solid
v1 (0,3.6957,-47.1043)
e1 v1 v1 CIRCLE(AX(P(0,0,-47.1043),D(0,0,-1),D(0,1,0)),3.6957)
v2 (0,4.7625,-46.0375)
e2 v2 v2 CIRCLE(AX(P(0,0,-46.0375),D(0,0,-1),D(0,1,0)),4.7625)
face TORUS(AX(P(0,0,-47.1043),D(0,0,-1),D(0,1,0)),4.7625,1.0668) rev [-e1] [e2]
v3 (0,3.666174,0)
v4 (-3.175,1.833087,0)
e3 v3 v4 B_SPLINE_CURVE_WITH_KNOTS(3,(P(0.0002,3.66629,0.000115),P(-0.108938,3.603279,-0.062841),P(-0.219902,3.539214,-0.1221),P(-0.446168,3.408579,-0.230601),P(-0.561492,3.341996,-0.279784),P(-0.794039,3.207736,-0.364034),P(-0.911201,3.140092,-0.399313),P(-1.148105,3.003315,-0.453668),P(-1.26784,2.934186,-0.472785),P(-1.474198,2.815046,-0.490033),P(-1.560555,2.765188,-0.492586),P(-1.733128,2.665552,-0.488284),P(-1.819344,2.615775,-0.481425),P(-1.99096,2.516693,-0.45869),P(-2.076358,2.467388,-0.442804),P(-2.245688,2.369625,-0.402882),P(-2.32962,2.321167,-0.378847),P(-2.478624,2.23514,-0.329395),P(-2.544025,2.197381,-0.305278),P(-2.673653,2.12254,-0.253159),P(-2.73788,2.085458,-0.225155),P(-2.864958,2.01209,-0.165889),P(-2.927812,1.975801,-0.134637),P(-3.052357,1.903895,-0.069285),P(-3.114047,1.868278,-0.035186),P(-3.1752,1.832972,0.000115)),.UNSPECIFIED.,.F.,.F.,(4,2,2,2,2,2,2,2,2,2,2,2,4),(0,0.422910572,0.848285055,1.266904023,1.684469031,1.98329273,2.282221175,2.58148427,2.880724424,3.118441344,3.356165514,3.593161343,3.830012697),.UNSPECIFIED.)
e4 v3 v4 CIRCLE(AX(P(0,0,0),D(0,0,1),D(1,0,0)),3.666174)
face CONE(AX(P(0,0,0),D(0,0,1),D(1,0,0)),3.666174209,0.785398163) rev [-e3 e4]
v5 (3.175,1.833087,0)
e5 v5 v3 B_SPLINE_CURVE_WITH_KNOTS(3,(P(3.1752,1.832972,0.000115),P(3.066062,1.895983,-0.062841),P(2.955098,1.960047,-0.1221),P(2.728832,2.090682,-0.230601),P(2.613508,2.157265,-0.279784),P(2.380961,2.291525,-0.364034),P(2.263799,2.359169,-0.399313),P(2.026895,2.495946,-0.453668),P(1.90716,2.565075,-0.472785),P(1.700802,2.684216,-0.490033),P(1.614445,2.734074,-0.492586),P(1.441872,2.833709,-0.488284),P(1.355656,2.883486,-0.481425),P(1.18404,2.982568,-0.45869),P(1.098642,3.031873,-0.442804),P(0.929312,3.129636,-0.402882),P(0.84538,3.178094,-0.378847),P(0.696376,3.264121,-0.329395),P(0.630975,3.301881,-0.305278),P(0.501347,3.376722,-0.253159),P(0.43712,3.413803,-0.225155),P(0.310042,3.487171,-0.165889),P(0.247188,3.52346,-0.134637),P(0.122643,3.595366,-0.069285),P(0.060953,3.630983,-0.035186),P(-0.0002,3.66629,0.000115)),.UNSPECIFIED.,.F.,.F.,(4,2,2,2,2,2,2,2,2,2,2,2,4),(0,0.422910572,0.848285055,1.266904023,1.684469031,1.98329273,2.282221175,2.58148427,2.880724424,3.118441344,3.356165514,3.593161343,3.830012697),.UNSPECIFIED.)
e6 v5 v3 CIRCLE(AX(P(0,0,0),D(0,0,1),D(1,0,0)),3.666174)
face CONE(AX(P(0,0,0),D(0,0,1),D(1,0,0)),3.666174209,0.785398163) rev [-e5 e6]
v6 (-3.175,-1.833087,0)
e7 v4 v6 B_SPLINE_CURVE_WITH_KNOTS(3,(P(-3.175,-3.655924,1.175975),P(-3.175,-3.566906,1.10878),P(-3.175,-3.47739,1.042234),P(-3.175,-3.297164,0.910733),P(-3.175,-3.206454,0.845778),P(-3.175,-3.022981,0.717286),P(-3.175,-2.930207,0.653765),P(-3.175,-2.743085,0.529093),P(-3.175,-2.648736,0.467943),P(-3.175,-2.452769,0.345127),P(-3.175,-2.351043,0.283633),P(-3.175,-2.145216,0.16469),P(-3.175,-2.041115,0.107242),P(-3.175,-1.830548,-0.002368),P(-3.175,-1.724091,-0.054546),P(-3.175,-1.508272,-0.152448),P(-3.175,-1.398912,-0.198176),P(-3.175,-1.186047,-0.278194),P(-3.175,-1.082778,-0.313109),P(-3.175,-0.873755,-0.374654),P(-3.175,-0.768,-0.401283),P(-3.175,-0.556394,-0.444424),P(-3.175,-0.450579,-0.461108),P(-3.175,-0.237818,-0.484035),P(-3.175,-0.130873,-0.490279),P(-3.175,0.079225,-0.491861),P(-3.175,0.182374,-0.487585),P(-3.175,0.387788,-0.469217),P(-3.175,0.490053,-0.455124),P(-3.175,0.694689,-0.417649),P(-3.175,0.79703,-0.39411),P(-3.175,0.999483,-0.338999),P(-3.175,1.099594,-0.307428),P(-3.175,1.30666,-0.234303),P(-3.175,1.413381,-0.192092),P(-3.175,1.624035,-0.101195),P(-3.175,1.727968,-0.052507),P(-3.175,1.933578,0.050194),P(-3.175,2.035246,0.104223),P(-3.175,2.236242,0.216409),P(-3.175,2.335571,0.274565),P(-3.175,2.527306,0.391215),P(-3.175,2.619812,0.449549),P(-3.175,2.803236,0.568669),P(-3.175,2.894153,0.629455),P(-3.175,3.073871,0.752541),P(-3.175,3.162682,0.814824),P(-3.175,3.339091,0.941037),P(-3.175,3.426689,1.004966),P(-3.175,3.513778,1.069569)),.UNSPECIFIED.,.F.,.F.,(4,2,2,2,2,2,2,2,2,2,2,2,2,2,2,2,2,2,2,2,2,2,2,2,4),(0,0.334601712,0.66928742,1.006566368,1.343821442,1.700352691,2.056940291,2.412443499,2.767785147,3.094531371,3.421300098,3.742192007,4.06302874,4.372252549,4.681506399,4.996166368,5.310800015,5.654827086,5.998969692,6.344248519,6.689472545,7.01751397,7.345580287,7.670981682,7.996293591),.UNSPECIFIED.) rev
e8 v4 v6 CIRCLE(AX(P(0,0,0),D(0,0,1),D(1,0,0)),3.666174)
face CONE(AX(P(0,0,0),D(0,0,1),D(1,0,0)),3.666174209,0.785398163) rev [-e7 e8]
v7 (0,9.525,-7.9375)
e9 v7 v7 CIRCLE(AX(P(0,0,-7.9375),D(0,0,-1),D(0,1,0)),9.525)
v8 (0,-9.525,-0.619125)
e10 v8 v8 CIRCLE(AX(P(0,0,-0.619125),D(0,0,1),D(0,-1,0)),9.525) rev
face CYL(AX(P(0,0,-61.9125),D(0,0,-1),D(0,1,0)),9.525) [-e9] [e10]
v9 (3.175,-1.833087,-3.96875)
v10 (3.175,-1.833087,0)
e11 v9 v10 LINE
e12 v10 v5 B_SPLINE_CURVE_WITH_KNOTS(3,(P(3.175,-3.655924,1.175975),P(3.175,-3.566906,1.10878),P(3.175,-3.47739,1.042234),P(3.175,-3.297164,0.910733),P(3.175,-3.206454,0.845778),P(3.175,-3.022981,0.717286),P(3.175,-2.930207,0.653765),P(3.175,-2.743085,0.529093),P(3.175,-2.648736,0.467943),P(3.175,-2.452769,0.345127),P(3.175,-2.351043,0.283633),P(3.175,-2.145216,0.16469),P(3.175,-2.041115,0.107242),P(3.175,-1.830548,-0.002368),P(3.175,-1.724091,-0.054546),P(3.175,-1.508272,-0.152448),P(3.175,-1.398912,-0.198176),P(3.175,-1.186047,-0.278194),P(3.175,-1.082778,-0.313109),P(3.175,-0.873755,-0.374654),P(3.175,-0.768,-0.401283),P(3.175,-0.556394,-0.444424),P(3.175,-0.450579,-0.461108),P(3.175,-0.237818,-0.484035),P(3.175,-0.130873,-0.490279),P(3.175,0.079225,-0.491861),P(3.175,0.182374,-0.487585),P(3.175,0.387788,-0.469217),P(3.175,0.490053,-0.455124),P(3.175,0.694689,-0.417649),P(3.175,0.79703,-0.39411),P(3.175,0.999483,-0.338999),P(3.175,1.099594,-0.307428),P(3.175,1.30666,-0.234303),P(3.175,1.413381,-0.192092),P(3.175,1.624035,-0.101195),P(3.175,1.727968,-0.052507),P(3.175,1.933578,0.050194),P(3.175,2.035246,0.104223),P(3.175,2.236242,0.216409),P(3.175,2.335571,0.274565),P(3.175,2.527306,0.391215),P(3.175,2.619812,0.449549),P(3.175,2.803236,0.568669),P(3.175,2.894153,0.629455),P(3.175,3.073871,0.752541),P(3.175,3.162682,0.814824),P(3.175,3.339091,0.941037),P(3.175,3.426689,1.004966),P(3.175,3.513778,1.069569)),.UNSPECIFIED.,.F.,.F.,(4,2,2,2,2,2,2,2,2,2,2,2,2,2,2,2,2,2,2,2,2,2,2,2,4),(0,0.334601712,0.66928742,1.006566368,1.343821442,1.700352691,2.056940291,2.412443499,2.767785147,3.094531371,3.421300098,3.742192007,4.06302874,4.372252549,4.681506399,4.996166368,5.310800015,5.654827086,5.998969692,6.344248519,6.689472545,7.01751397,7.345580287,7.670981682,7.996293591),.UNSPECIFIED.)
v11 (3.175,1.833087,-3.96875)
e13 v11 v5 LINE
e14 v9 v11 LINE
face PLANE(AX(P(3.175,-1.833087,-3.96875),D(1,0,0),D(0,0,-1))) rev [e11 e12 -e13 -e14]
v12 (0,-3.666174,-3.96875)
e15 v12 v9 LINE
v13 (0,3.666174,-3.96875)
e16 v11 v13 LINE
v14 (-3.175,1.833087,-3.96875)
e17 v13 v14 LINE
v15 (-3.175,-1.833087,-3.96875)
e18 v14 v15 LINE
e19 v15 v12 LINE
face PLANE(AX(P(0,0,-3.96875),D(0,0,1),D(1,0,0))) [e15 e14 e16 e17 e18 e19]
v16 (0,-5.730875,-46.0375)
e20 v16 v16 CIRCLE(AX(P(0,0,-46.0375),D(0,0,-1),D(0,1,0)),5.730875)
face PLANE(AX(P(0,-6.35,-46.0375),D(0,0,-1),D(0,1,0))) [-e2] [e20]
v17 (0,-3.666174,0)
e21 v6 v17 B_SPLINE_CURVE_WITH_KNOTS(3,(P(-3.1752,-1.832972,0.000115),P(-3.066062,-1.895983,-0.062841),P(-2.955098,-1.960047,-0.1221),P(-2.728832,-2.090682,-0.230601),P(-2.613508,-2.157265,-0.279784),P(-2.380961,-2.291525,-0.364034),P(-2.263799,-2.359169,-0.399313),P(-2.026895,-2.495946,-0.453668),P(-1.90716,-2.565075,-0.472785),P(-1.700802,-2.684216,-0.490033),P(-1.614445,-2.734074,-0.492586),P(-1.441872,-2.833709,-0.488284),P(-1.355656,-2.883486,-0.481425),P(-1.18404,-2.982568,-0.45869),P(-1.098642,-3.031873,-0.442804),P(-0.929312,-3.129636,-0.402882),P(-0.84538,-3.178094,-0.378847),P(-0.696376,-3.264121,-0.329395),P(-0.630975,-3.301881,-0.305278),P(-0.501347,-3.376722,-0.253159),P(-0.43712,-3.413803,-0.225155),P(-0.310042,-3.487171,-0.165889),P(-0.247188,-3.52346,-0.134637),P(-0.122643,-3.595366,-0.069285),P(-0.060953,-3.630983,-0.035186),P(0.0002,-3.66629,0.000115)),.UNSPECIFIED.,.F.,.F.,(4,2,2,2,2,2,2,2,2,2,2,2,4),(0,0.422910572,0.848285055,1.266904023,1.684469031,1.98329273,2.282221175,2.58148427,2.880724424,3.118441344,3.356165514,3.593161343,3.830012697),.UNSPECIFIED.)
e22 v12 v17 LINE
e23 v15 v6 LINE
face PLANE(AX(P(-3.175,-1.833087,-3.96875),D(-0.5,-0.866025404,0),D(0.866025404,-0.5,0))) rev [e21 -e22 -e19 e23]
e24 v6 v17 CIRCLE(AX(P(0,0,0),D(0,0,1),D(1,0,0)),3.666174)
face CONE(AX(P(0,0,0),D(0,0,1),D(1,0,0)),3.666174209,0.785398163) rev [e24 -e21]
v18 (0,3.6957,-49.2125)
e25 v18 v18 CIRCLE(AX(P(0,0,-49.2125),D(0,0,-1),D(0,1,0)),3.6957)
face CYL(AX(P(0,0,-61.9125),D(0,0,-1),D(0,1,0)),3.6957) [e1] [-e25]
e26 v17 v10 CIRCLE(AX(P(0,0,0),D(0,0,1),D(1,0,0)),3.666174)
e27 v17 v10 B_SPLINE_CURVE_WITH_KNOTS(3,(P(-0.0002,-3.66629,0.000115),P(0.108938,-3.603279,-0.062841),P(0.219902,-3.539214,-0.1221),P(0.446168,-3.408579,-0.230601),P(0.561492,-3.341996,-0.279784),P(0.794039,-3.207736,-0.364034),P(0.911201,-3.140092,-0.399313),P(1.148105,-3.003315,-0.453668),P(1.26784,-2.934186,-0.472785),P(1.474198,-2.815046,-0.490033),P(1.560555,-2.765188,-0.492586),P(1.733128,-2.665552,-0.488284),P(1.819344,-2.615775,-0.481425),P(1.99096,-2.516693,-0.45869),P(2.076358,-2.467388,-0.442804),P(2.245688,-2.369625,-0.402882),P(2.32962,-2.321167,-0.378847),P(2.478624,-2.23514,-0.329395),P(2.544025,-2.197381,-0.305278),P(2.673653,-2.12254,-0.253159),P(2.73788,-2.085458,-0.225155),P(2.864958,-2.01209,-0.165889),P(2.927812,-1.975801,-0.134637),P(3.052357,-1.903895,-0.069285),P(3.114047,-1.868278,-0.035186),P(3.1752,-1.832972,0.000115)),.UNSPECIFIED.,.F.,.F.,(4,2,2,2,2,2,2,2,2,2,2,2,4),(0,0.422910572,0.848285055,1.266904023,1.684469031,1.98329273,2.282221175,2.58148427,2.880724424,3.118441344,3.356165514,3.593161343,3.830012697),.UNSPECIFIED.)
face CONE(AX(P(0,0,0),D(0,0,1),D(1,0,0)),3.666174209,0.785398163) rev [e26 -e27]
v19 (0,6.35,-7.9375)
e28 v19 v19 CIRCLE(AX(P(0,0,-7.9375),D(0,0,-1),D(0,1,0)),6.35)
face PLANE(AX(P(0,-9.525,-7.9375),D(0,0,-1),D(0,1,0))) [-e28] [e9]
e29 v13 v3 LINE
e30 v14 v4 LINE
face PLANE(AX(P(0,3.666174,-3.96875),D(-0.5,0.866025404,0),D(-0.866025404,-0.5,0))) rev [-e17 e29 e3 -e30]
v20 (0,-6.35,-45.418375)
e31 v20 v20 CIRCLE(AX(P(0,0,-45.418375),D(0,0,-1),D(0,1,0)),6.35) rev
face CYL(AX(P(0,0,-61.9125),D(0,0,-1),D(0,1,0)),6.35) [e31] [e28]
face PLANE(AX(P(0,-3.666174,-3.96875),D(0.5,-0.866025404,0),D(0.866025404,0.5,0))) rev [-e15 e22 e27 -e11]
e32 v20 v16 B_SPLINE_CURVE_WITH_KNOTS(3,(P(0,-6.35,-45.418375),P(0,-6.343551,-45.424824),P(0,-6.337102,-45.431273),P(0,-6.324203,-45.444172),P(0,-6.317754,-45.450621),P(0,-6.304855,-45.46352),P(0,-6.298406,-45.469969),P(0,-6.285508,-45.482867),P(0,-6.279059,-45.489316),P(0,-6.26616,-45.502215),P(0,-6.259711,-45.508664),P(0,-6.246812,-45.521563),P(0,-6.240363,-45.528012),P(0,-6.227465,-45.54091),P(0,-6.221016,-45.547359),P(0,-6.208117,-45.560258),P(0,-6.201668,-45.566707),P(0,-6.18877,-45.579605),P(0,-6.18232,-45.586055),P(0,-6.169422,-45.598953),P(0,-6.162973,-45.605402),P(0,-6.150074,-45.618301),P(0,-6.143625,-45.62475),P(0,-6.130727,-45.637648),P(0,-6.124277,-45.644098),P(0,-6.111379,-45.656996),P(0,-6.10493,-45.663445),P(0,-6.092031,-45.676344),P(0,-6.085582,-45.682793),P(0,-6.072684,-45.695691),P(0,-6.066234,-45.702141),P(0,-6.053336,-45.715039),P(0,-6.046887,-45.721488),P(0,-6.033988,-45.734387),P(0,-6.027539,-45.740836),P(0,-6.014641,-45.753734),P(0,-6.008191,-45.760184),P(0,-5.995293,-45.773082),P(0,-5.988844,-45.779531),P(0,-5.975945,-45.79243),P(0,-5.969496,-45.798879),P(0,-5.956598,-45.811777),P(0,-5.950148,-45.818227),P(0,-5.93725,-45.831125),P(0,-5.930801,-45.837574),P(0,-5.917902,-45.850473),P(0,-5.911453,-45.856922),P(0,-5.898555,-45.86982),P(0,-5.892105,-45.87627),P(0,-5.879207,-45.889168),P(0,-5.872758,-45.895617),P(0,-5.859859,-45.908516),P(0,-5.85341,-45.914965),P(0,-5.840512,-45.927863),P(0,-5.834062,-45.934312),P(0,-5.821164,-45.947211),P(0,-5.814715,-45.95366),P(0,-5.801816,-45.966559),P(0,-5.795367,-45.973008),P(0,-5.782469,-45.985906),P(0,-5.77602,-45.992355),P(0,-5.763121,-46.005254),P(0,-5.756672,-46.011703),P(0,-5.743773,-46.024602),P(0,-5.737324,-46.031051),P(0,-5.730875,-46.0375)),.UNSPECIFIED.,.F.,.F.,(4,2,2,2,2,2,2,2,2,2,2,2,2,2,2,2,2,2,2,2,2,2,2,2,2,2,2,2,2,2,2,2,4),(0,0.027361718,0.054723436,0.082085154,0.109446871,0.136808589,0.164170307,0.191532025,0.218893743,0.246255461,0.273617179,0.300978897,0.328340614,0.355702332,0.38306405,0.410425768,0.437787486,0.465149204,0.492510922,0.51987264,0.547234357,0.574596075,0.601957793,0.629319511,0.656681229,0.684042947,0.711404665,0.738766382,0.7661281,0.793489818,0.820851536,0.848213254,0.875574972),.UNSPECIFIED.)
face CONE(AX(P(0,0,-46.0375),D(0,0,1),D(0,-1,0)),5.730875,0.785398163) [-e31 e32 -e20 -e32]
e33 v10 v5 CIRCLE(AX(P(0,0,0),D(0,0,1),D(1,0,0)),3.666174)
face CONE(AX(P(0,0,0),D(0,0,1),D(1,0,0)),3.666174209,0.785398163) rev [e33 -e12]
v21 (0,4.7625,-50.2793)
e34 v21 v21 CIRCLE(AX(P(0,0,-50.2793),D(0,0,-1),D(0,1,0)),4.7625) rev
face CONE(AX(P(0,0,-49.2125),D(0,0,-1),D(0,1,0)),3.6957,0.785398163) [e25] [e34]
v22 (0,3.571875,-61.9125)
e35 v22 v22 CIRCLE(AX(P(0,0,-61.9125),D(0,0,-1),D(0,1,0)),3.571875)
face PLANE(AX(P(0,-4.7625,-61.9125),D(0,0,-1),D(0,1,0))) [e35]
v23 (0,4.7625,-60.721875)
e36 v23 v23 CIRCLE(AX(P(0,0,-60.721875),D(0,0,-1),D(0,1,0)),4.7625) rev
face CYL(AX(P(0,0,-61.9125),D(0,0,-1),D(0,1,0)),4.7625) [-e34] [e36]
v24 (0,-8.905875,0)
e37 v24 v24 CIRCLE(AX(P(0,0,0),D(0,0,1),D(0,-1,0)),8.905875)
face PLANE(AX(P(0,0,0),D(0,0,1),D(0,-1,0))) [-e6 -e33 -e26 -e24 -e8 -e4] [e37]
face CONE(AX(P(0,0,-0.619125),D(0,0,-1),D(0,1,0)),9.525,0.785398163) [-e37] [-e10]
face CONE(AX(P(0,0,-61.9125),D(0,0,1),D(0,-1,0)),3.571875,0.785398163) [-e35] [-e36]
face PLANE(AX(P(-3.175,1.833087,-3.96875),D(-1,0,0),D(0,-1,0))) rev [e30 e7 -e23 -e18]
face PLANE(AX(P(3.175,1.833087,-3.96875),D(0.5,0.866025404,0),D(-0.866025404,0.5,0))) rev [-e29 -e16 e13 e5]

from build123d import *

# Parameters (mm, degrees)
CHAMFER1_SIZE      = 1.190625
CHAMFER2_SIZE      = 0.619125
CUT_EXTRUDE2_DEPTH = 3.96875


with BuildPart() as part:
    # Sketch1 → Revolve1 (revolve)
    with BuildSketch(Plane(origin=(0, 0, 0), x_dir=(0, 0, -1), z_dir=(1, 0, 0))):
        Polygon((0, 9.525), (7.9375, 9.525), (7.9375, 6.35), (46.0375, 6.35), (46.0375, 4.7625), (61.9125, 4.7625), (61.9125, 0), (0, 0), align=None)
    revolve(axis=Axis((0, 0, -61.9125), (0, 0, 1)))

    # Sketch5 → Cut-Revolve1 (revolve, cut)
    with BuildSketch(Plane(origin=(0, 0, 0), x_dir=(0, 0, -1), z_dir=(1, 0, 0))):
        with BuildLine():
            Line((46.0375, 6.35), (51.8668, 6.35))
            Line((51.8668, 6.35), (49.2125, 3.6957))
            Line((49.2125, 3.6957), (47.1043, 3.6957))
            ThreePointArc((47.1043, 3.6957), (46.349958486, 4.008158486), (46.0375, 4.7625))
            Line((46.0375, 4.7625), (46.0375, 6.35))
        make_face()
    revolve(axis=Axis((0, 0, -61.9125), (0, 0, 1)), mode=Mode.SUBTRACT)

    # Chamfer1
    chamfer1_edges = [part.edges().sort_by_distance(p)[0] for p in [
        (0, -4.7625, -61.9125),
    ]]
    chamfer(chamfer1_edges, length=CHAMFER1_SIZE)

    # Chamfer2
    chamfer2_edges = [part.edges().sort_by_distance(p)[0] for p in [
        (0, -6.35, -46.0375),
        (0, -9.525, 0),
    ]]
    chamfer(chamfer2_edges, length=CHAMFER2_SIZE)

    # Sketch8 → Cut-Extrude2 (cut)
    with BuildSketch(Plane.XY):
        Polygon((3.175, 1.833087105), (0, 3.666174209), (-3.175, 1.833087105), (-3.175, -1.833087105), (0, -3.666174209), (3.175, -1.833087105), align=None)
    extrude(amount=-CUT_EXTRUDE2_DEPTH, mode=Mode.SUBTRACT)

    # Cut-Extrude4 cone 1 section (through the dimple's axis) → Cut-Extrude4 (revolve, cut)
    with BuildSketch(Plane(origin=(0, 0, 0), x_dir=(0, -1, 0), z_dir=(1, 0, 0))):
        Polygon((0, 0), (3.666174209, 0), (0, 3.666174209), align=None)
    revolve(axis=Axis((0, 0, 0), (0, 0, -1)), mode=Mode.SUBTRACT)


solid = part.part
